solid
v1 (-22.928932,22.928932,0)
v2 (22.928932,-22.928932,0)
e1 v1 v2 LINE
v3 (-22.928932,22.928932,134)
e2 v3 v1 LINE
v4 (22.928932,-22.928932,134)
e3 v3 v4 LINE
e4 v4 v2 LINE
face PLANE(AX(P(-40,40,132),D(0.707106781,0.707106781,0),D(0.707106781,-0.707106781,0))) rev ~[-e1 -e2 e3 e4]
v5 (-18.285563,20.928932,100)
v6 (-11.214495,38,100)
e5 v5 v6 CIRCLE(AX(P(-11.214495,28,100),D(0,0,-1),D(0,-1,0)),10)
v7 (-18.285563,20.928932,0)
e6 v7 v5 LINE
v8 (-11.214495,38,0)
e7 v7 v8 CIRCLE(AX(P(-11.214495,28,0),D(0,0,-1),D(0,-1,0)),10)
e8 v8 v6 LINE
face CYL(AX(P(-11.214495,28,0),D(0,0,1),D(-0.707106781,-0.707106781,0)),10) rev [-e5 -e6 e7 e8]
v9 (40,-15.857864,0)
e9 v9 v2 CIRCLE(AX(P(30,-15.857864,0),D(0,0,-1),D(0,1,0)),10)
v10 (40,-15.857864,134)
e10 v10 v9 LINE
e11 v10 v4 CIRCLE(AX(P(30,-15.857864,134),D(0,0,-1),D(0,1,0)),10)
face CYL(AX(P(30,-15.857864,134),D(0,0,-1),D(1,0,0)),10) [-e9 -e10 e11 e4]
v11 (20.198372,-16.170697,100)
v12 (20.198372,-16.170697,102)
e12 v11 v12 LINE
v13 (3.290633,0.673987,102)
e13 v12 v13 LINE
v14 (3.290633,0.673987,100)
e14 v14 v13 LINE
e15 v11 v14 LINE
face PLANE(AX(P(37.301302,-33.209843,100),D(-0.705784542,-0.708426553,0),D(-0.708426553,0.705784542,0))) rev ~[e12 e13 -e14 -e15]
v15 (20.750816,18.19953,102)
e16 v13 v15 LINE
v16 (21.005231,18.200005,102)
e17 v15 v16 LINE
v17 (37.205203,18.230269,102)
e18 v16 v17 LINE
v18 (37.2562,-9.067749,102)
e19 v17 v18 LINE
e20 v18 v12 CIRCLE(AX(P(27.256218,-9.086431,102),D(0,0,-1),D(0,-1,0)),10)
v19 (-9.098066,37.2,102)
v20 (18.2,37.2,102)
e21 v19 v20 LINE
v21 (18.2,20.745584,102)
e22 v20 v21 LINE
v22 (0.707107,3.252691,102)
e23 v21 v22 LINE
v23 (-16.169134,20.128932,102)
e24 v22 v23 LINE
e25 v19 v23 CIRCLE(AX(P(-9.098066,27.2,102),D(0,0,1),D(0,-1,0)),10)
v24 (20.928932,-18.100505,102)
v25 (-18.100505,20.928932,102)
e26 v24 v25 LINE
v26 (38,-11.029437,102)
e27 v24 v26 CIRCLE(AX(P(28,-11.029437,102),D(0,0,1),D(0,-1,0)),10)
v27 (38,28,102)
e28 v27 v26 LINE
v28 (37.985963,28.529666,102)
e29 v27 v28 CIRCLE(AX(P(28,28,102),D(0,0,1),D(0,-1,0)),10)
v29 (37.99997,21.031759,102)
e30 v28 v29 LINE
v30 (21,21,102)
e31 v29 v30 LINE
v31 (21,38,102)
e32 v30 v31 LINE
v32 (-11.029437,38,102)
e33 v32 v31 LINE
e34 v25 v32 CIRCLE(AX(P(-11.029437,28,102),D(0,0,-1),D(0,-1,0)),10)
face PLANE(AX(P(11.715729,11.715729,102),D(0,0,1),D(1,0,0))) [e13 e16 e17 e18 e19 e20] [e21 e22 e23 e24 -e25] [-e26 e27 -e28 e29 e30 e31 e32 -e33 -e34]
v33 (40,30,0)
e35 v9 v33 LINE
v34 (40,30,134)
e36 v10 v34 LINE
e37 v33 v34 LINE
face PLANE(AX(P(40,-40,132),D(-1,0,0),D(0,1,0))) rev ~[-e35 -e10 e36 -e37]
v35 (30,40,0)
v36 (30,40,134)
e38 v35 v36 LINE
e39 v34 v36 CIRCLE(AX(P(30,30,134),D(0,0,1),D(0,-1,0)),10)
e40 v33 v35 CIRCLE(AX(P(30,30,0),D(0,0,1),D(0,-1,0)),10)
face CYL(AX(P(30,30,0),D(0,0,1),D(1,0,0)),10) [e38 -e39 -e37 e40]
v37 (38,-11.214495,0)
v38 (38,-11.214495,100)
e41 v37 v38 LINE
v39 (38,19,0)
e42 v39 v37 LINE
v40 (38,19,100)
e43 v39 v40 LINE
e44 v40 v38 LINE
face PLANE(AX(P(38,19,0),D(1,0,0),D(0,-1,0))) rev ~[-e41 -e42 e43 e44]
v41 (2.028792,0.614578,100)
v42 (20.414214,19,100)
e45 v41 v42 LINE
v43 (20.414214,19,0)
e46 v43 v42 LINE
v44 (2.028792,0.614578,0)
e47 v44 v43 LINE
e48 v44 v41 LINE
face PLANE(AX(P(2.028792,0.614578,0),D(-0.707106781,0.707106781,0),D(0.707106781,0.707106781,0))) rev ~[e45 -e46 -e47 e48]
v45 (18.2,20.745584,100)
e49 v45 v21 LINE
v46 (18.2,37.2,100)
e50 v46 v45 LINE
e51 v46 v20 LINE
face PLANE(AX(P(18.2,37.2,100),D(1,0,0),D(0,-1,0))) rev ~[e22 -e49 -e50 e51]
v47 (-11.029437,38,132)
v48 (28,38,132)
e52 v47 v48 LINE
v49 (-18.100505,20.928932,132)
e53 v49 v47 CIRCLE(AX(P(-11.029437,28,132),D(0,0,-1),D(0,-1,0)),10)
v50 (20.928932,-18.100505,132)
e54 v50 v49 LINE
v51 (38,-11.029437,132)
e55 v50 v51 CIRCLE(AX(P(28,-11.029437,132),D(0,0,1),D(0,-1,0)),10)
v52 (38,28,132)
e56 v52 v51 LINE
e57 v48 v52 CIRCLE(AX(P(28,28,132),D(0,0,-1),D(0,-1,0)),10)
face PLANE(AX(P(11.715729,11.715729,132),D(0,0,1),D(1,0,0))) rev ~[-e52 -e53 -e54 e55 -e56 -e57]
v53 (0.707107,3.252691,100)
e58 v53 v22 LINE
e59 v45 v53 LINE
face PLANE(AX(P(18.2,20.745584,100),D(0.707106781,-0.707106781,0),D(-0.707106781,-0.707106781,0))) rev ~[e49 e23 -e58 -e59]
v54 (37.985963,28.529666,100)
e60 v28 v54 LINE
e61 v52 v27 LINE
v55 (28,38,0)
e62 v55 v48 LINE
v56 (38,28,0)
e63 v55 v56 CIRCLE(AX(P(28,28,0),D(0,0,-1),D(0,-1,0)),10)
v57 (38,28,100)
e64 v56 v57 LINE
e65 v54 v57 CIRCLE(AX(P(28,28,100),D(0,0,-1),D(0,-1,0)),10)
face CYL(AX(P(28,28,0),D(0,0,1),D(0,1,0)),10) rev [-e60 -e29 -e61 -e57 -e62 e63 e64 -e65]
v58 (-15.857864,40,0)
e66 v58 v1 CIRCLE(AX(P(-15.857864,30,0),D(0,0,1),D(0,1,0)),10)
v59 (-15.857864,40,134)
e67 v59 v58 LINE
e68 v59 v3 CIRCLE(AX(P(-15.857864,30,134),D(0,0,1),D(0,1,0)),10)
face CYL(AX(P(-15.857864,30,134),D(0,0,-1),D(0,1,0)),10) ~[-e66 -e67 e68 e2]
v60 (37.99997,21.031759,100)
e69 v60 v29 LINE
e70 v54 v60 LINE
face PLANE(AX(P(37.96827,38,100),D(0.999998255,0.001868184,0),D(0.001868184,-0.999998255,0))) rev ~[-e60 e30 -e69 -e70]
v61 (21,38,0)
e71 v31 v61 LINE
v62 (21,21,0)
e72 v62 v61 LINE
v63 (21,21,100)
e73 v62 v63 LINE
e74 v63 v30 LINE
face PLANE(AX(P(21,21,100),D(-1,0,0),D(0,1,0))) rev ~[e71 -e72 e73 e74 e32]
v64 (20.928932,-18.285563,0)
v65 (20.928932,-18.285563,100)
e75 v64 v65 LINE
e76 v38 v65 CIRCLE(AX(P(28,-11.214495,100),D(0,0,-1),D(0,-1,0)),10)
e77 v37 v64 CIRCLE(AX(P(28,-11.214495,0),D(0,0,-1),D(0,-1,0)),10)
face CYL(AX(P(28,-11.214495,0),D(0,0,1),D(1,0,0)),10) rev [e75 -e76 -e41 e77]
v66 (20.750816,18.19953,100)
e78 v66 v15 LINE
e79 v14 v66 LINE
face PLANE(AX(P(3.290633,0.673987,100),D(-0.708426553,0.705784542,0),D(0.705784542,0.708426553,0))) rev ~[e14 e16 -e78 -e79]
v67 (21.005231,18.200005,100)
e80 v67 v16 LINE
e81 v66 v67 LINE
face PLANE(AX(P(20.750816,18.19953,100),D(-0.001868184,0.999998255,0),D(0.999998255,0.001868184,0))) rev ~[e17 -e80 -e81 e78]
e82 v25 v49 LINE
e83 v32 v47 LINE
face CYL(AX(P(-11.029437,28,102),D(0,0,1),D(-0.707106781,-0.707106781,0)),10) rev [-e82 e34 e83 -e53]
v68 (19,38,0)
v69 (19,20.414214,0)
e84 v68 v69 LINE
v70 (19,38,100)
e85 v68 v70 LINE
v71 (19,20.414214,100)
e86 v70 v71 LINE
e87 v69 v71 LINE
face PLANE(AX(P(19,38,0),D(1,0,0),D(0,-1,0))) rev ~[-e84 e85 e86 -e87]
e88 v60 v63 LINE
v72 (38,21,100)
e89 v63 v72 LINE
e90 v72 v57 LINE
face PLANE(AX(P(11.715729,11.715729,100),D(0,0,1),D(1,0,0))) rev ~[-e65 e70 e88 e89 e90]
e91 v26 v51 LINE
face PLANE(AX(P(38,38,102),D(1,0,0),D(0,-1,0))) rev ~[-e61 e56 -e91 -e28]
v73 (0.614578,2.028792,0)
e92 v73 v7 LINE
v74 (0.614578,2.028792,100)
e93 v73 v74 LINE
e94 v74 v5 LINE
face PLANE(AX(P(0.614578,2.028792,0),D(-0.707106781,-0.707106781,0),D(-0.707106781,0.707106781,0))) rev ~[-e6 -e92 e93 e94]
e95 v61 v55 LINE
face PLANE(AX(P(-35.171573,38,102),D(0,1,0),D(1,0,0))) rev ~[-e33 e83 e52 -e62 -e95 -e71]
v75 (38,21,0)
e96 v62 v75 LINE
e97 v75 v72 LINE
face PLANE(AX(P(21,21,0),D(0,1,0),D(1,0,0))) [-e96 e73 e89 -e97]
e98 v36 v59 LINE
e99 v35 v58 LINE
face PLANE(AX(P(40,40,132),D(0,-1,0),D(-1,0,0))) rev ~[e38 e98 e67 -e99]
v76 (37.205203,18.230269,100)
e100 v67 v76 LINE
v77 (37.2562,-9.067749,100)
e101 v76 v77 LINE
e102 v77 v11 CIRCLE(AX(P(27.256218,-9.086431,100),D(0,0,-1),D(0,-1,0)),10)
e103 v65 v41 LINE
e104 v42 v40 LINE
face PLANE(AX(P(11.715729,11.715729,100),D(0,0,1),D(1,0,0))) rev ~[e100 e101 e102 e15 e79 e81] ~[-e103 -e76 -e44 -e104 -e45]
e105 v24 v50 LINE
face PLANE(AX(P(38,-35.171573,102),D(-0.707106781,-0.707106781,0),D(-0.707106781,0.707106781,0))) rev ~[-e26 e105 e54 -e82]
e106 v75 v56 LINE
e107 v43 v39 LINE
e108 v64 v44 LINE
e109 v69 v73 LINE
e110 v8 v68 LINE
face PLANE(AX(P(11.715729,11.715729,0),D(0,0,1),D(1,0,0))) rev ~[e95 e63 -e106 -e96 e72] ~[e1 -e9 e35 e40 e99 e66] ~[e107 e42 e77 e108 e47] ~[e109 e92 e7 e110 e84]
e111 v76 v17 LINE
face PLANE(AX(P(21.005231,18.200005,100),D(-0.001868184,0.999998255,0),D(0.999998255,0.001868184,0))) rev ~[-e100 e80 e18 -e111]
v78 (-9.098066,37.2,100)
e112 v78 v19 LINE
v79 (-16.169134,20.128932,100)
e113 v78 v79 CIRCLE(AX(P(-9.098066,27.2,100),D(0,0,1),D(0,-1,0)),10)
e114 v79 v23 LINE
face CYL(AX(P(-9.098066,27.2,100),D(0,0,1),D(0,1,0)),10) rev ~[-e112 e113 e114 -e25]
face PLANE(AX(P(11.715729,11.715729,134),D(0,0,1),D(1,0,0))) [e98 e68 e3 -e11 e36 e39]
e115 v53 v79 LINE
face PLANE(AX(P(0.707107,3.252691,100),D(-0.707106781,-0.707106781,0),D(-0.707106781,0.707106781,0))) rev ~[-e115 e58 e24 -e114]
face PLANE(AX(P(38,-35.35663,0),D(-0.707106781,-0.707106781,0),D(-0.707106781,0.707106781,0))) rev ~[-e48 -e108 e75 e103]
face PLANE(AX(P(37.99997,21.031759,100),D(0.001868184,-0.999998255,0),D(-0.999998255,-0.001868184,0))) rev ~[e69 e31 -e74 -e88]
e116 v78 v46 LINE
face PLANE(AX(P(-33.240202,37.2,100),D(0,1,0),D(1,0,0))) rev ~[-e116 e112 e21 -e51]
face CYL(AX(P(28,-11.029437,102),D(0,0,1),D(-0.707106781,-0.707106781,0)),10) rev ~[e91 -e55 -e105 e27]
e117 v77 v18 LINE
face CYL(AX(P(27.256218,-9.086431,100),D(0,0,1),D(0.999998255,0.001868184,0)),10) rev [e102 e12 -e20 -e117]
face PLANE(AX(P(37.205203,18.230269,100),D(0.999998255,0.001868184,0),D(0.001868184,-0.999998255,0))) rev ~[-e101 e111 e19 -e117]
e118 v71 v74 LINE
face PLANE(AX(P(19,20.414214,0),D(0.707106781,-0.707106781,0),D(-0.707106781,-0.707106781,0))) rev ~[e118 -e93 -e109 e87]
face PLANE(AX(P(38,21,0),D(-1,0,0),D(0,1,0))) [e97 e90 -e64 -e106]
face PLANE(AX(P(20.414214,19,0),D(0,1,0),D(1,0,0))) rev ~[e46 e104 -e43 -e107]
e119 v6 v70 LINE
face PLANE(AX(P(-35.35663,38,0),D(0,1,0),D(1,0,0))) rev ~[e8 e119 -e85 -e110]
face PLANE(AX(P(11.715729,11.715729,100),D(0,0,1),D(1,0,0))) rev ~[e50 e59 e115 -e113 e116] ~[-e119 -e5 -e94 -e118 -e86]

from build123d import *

# Parameters (mm, degrees)
F0_W      = 17
F0_H      = 17
F1_DEPTH  = 100
F4_DEPTH  = 2
F7_DEPTH  = 30
F10_DEPTH = 2
F11_R     = 10


with BuildPart() as f1:
    # F0 (on Top) → F1 (new body)
    with BuildSketch(Plane.XY):
        Polygon((40, -37.3566303961), (40, 40), (-40, 40), (-38, 38), (40, -40), align=None)
        Polygon((20.4142135624, 19), (38, 19), (38, -35.3566303961), (2.0287915831, 0.6145780208), align=None, mode=Mode.SUBTRACT)
        Polygon((19, 20.4142135624), (0.6145780208, 2.0287915831), (-35.3566303961, 38), (19, 38), align=None, mode=Mode.SUBTRACT)
        with Locations((29.5, 29.5)):
            Rectangle(F0_W, F0_H, mode=Mode.SUBTRACT)
    extrude(amount=F1_DEPTH)

    # F3 (on offset) → F4 (join)
    with BuildSketch(Plane.XY.offset(100)):
        Polygon((40, 40), (-40, 40), (0, 0), (40, -40), align=None)
        Polygon((21.0052309155, 18.2000048862), (37.2052026456, 18.2302694688), (37.3013024139, -33.2098427904), (3.2906330243, 0.673986953), (20.7508157718, 18.199529591), align=None, mode=Mode.SUBTRACT)
        Polygon((0.7071067812, 3.2526911935), (-33.2402020254, 37.2), (18.2, 37.2), (18.2, 21), (18.2, 20.7455844123), align=None, mode=Mode.SUBTRACT)
        Polygon((37.999970334, 21.03175913), (21, 21), (21, 38), (37.9682704806, 38), align=None, mode=Mode.SUBTRACT)
    extrude(amount=F4_DEPTH)

    # F6 (on offset) → F7 (join)
    with BuildSketch(Plane.XY.offset(102)):
        Polygon((40, -40), (40, 40), (-40, 40), align=None)
        Polygon((-35.1715728753, 38), (38, 38), (38, -35.1715728753), align=None, mode=Mode.SUBTRACT)
    extrude(amount=F7_DEPTH)

    # F9 (on offset) → F10 (join)
    with BuildSketch(Plane.XY.offset(132)):
        Polygon((40, -40), (40, 40), (-40, 40), align=None)
    extrude(amount=F10_DEPTH)

    # F11
    f11_edges = [f1.edges().sort_by_distance(p)[0] for p in [
        (-35.35663, 38, 50),
        (-33.240202, 37.2, 101),
        (-35.171573, 38, 117),
        (-40, 40, 67),
        (38, -35.35663, 50),
        (40, -40, 67),
        (37.301302, -33.209843, 101),
        (38, -35.171573, 117),
        (38, 38, 50),
        (40, 40, 67),
    ]]
    fillet(f11_edges, radius=F11_R)


solid = f1.part
